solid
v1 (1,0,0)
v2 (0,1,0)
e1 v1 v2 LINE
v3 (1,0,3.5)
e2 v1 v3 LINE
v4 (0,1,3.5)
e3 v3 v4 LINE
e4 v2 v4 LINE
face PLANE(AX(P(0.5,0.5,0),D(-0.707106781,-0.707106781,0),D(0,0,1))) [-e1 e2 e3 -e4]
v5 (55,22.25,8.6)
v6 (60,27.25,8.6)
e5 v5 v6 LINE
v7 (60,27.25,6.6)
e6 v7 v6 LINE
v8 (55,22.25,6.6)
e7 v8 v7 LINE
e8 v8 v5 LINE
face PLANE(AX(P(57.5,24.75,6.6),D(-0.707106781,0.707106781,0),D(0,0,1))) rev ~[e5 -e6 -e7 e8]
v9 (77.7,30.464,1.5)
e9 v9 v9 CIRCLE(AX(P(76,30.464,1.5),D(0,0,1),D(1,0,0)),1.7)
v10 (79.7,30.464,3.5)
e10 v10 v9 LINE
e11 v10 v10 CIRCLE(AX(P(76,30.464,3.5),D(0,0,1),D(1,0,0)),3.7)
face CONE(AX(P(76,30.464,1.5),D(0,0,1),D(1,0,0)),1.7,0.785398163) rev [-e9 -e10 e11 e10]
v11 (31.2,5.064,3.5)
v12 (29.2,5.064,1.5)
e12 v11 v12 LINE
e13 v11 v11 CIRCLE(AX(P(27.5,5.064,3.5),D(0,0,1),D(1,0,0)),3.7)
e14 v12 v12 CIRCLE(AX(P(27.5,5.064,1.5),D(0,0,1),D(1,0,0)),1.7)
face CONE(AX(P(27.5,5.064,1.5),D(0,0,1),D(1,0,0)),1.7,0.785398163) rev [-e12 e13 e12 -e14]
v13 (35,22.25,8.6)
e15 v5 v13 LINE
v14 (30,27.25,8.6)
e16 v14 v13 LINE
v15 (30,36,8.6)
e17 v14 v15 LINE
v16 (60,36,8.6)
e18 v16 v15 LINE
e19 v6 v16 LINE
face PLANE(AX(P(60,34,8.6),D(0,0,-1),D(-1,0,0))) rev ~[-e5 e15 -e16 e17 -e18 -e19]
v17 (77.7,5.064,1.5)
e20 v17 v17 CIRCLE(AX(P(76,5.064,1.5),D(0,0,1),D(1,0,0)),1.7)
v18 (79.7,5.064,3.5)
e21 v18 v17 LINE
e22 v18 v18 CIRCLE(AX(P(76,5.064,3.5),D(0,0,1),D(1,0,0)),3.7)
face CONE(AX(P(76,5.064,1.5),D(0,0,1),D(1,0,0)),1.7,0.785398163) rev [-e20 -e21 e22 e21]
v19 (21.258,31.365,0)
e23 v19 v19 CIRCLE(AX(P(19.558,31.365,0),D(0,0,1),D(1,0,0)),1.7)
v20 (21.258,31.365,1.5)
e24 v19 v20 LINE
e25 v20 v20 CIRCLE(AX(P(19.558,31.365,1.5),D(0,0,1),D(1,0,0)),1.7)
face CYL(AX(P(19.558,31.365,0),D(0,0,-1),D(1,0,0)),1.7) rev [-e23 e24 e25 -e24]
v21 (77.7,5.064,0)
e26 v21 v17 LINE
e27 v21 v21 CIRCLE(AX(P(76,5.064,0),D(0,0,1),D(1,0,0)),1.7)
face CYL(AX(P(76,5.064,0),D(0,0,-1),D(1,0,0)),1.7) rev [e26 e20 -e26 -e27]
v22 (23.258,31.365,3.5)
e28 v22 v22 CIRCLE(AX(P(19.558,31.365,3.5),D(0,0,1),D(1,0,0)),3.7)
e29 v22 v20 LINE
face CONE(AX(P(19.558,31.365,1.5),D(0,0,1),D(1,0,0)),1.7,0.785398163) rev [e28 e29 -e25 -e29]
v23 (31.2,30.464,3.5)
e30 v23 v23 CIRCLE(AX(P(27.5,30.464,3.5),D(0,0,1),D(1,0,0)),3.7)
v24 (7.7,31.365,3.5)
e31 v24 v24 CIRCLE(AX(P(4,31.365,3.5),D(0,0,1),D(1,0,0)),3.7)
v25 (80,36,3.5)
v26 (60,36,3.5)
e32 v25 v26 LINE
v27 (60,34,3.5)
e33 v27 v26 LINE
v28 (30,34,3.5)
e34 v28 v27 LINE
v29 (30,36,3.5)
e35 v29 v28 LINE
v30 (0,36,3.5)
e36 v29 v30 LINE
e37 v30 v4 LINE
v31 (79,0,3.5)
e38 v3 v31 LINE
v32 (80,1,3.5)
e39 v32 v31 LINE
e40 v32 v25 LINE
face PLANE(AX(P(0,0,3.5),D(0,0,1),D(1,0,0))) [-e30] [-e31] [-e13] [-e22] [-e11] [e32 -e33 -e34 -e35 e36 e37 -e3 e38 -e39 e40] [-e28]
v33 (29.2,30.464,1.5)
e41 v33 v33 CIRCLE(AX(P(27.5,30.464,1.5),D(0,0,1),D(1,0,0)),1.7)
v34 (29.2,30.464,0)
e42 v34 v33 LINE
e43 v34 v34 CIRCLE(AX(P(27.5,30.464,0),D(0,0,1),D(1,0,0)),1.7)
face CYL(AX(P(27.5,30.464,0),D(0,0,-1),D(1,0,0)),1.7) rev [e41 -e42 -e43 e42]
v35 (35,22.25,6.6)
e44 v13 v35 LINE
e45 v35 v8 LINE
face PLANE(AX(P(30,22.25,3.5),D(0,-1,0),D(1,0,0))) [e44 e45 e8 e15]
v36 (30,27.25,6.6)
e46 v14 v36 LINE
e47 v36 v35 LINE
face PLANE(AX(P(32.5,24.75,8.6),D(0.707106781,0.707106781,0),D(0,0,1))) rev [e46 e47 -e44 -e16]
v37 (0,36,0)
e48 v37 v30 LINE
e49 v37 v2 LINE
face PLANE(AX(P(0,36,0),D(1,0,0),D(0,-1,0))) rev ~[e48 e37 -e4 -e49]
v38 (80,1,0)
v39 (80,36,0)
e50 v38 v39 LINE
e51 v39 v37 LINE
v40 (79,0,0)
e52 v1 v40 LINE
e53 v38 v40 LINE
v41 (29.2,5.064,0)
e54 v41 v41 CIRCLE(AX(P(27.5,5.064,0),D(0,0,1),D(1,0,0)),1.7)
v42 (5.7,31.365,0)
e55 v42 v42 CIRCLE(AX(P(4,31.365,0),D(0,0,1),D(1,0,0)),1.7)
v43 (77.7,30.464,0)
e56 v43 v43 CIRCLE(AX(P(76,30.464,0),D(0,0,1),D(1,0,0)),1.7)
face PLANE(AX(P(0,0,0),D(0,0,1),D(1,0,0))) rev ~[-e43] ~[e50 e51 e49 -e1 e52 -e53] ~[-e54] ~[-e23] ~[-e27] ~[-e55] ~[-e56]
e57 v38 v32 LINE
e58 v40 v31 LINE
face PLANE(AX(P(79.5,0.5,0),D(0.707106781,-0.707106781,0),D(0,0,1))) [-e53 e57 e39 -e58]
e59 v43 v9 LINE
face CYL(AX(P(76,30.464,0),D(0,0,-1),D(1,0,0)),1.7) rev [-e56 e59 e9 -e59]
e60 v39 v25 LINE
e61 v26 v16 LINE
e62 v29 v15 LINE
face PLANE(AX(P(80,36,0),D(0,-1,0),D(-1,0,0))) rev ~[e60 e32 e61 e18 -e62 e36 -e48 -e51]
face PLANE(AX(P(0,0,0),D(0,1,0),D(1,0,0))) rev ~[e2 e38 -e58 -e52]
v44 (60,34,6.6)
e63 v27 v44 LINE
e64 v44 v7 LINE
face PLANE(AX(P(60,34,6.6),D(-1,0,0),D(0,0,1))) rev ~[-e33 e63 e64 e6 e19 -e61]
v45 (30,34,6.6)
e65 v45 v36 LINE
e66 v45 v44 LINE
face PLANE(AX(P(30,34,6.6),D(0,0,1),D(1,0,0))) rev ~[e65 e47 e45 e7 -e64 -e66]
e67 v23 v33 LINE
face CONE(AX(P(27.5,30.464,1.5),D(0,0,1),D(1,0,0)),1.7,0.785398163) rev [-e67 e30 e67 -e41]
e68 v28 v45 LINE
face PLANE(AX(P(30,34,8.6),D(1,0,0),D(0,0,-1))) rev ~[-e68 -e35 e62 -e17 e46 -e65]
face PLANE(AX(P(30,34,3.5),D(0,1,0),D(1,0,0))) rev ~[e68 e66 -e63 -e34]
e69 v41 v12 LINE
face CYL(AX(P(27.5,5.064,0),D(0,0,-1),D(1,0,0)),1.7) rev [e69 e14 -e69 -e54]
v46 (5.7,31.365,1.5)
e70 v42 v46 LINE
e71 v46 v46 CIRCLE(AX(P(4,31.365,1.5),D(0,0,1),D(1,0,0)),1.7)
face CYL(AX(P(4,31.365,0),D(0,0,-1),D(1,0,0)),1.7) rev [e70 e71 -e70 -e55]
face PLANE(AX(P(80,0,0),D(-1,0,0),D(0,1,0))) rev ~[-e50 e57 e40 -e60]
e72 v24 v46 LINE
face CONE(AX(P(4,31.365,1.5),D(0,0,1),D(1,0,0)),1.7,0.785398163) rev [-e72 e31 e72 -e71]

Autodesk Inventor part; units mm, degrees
ref_plane "YZ Plane" through (0, 0, 0) normal (1, 0, 0) x (0, 1, 0)
ref_plane "XZ Plane" through (0, 0, 0) normal (0, 1, 0) x (-1, 0, 0)
ref_plane "XY Plane" through (0, 0, 0) normal (0, 0, 1) x (1, 0, 0)
sketch "Sketch1" plane through (0, 0, 0) normal (0, 0, 1) x (1, 0, 0)
  line L0 (0, 0) -> (80, 0)
  line L1 (80, 0) -> (80, 36)
  line L2 (80, 36) -> (0, 36)
  line L3 (0, 36) -> (0, 0)
  circle A0 centre (27.5, 30.464) radius 1.7
  circle A1 centre (27.5, 5.064) radius 1.7
  circle A2 centre (76, 30.464) radius 1.7
  circle A3 centre (76, 5.064) radius 1.7
  circle A4 centre (4, 31.365) radius 1.7
  circle A5 centre (19.558, 31.365) radius 1.7
  dimension "d0" = 36
  dimension "d1" = 80
  dimension "d2" = 3.4
  dimension "d3" = 3.4
  dimension "d4" = 3.4
  dimension "d5" = 3.4
  dimension "d6" = 3.4
  dimension "d7" = 3.4
  dimension "d8" = 5.536
  dimension "d10" = 5.536
  dimension "d11" = 48.5
  dimension "d12" = 25.4
  dimension "d13" = 48.5
  dimension "d14" = 25.4
  dimension "d16" = 15.558
  dimension "d17" = 4.635
  dimension "d18" = 4.635
  dimension "d39" = 4
  dimension "d40" = 4
  dimension "d41" = 4
extrude "Extrusion1" add sketch "Sketch1" along normal blind 3.5
sketch "Sketch2" plane through (0, 0, 3.5) normal (0, 0, 1) x (1, 0, 0)
  line L0 (30, 34) -> (60, 34)
  line L1 (60, 34) -> (60, 36)
  line L2 (60, 36) -> (30, 36)
  line L3 (30, 36) -> (30, 34)
  line L4 (80, 36) -> (0, 36) projected
  line L5 (0, 36) -> (0, 0) projected
  line L6 (80, 0) -> (80, 36) projected
  dimension "d22" = 2
  dimension "d24" = 30
  dimension "d42" = 20
extrude "Extrusion2" add sketch "Sketch2" along normal blind 5.1
sketch "Sketch3" plane through (30, 34, 3.5) normal (0, -1, 0) x (1, 0, 0)
  line L0 (0, 3.1) -> (30, 3.1)
  line L1 (30, 3.1) -> (30, 5.1)
  line L2 (30, 5.1) -> (0, 5.1)
  line L3 (0, 5.1) -> (0, 3.1)
  line L4 (0, 5.1) -> (30, 5.1) projected
  line L5 (0, 0) -> (0, 5.1) projected
  line L6 (30, 0) -> (30, 5.1) projected
  line L7 (-30, 0) -> (50, 0) projected
  point P0 (-30, -3.5)
  dimension "d27" = 3.1
extrude "Extrusion3" add sketch "Sketch3" along normal blind 11.75 contours L3 L2 L1 L0
chamfer "Chamfer1" distance 5 angle 45 2 edges at (30, 22.25, 7.6) (60, 22.25, 7.6)
chamfer "Chamfer2" distance 2 angle 45 6 edges at (25.8, 30.464, 3.5) (25.8, 5.064, 3.5) (74.3, 5.064, 3.5) (74.3, 30.464, 3.5) (2.3, 31.365, 3.5) (17.858, 31.365, 3.5)
chamfer "Chamfer3" distance 1 angle 45 2 edges at (0, 0, 1.75) (80, 0, 1.75)
properties part number "PowerMountingBracket"
